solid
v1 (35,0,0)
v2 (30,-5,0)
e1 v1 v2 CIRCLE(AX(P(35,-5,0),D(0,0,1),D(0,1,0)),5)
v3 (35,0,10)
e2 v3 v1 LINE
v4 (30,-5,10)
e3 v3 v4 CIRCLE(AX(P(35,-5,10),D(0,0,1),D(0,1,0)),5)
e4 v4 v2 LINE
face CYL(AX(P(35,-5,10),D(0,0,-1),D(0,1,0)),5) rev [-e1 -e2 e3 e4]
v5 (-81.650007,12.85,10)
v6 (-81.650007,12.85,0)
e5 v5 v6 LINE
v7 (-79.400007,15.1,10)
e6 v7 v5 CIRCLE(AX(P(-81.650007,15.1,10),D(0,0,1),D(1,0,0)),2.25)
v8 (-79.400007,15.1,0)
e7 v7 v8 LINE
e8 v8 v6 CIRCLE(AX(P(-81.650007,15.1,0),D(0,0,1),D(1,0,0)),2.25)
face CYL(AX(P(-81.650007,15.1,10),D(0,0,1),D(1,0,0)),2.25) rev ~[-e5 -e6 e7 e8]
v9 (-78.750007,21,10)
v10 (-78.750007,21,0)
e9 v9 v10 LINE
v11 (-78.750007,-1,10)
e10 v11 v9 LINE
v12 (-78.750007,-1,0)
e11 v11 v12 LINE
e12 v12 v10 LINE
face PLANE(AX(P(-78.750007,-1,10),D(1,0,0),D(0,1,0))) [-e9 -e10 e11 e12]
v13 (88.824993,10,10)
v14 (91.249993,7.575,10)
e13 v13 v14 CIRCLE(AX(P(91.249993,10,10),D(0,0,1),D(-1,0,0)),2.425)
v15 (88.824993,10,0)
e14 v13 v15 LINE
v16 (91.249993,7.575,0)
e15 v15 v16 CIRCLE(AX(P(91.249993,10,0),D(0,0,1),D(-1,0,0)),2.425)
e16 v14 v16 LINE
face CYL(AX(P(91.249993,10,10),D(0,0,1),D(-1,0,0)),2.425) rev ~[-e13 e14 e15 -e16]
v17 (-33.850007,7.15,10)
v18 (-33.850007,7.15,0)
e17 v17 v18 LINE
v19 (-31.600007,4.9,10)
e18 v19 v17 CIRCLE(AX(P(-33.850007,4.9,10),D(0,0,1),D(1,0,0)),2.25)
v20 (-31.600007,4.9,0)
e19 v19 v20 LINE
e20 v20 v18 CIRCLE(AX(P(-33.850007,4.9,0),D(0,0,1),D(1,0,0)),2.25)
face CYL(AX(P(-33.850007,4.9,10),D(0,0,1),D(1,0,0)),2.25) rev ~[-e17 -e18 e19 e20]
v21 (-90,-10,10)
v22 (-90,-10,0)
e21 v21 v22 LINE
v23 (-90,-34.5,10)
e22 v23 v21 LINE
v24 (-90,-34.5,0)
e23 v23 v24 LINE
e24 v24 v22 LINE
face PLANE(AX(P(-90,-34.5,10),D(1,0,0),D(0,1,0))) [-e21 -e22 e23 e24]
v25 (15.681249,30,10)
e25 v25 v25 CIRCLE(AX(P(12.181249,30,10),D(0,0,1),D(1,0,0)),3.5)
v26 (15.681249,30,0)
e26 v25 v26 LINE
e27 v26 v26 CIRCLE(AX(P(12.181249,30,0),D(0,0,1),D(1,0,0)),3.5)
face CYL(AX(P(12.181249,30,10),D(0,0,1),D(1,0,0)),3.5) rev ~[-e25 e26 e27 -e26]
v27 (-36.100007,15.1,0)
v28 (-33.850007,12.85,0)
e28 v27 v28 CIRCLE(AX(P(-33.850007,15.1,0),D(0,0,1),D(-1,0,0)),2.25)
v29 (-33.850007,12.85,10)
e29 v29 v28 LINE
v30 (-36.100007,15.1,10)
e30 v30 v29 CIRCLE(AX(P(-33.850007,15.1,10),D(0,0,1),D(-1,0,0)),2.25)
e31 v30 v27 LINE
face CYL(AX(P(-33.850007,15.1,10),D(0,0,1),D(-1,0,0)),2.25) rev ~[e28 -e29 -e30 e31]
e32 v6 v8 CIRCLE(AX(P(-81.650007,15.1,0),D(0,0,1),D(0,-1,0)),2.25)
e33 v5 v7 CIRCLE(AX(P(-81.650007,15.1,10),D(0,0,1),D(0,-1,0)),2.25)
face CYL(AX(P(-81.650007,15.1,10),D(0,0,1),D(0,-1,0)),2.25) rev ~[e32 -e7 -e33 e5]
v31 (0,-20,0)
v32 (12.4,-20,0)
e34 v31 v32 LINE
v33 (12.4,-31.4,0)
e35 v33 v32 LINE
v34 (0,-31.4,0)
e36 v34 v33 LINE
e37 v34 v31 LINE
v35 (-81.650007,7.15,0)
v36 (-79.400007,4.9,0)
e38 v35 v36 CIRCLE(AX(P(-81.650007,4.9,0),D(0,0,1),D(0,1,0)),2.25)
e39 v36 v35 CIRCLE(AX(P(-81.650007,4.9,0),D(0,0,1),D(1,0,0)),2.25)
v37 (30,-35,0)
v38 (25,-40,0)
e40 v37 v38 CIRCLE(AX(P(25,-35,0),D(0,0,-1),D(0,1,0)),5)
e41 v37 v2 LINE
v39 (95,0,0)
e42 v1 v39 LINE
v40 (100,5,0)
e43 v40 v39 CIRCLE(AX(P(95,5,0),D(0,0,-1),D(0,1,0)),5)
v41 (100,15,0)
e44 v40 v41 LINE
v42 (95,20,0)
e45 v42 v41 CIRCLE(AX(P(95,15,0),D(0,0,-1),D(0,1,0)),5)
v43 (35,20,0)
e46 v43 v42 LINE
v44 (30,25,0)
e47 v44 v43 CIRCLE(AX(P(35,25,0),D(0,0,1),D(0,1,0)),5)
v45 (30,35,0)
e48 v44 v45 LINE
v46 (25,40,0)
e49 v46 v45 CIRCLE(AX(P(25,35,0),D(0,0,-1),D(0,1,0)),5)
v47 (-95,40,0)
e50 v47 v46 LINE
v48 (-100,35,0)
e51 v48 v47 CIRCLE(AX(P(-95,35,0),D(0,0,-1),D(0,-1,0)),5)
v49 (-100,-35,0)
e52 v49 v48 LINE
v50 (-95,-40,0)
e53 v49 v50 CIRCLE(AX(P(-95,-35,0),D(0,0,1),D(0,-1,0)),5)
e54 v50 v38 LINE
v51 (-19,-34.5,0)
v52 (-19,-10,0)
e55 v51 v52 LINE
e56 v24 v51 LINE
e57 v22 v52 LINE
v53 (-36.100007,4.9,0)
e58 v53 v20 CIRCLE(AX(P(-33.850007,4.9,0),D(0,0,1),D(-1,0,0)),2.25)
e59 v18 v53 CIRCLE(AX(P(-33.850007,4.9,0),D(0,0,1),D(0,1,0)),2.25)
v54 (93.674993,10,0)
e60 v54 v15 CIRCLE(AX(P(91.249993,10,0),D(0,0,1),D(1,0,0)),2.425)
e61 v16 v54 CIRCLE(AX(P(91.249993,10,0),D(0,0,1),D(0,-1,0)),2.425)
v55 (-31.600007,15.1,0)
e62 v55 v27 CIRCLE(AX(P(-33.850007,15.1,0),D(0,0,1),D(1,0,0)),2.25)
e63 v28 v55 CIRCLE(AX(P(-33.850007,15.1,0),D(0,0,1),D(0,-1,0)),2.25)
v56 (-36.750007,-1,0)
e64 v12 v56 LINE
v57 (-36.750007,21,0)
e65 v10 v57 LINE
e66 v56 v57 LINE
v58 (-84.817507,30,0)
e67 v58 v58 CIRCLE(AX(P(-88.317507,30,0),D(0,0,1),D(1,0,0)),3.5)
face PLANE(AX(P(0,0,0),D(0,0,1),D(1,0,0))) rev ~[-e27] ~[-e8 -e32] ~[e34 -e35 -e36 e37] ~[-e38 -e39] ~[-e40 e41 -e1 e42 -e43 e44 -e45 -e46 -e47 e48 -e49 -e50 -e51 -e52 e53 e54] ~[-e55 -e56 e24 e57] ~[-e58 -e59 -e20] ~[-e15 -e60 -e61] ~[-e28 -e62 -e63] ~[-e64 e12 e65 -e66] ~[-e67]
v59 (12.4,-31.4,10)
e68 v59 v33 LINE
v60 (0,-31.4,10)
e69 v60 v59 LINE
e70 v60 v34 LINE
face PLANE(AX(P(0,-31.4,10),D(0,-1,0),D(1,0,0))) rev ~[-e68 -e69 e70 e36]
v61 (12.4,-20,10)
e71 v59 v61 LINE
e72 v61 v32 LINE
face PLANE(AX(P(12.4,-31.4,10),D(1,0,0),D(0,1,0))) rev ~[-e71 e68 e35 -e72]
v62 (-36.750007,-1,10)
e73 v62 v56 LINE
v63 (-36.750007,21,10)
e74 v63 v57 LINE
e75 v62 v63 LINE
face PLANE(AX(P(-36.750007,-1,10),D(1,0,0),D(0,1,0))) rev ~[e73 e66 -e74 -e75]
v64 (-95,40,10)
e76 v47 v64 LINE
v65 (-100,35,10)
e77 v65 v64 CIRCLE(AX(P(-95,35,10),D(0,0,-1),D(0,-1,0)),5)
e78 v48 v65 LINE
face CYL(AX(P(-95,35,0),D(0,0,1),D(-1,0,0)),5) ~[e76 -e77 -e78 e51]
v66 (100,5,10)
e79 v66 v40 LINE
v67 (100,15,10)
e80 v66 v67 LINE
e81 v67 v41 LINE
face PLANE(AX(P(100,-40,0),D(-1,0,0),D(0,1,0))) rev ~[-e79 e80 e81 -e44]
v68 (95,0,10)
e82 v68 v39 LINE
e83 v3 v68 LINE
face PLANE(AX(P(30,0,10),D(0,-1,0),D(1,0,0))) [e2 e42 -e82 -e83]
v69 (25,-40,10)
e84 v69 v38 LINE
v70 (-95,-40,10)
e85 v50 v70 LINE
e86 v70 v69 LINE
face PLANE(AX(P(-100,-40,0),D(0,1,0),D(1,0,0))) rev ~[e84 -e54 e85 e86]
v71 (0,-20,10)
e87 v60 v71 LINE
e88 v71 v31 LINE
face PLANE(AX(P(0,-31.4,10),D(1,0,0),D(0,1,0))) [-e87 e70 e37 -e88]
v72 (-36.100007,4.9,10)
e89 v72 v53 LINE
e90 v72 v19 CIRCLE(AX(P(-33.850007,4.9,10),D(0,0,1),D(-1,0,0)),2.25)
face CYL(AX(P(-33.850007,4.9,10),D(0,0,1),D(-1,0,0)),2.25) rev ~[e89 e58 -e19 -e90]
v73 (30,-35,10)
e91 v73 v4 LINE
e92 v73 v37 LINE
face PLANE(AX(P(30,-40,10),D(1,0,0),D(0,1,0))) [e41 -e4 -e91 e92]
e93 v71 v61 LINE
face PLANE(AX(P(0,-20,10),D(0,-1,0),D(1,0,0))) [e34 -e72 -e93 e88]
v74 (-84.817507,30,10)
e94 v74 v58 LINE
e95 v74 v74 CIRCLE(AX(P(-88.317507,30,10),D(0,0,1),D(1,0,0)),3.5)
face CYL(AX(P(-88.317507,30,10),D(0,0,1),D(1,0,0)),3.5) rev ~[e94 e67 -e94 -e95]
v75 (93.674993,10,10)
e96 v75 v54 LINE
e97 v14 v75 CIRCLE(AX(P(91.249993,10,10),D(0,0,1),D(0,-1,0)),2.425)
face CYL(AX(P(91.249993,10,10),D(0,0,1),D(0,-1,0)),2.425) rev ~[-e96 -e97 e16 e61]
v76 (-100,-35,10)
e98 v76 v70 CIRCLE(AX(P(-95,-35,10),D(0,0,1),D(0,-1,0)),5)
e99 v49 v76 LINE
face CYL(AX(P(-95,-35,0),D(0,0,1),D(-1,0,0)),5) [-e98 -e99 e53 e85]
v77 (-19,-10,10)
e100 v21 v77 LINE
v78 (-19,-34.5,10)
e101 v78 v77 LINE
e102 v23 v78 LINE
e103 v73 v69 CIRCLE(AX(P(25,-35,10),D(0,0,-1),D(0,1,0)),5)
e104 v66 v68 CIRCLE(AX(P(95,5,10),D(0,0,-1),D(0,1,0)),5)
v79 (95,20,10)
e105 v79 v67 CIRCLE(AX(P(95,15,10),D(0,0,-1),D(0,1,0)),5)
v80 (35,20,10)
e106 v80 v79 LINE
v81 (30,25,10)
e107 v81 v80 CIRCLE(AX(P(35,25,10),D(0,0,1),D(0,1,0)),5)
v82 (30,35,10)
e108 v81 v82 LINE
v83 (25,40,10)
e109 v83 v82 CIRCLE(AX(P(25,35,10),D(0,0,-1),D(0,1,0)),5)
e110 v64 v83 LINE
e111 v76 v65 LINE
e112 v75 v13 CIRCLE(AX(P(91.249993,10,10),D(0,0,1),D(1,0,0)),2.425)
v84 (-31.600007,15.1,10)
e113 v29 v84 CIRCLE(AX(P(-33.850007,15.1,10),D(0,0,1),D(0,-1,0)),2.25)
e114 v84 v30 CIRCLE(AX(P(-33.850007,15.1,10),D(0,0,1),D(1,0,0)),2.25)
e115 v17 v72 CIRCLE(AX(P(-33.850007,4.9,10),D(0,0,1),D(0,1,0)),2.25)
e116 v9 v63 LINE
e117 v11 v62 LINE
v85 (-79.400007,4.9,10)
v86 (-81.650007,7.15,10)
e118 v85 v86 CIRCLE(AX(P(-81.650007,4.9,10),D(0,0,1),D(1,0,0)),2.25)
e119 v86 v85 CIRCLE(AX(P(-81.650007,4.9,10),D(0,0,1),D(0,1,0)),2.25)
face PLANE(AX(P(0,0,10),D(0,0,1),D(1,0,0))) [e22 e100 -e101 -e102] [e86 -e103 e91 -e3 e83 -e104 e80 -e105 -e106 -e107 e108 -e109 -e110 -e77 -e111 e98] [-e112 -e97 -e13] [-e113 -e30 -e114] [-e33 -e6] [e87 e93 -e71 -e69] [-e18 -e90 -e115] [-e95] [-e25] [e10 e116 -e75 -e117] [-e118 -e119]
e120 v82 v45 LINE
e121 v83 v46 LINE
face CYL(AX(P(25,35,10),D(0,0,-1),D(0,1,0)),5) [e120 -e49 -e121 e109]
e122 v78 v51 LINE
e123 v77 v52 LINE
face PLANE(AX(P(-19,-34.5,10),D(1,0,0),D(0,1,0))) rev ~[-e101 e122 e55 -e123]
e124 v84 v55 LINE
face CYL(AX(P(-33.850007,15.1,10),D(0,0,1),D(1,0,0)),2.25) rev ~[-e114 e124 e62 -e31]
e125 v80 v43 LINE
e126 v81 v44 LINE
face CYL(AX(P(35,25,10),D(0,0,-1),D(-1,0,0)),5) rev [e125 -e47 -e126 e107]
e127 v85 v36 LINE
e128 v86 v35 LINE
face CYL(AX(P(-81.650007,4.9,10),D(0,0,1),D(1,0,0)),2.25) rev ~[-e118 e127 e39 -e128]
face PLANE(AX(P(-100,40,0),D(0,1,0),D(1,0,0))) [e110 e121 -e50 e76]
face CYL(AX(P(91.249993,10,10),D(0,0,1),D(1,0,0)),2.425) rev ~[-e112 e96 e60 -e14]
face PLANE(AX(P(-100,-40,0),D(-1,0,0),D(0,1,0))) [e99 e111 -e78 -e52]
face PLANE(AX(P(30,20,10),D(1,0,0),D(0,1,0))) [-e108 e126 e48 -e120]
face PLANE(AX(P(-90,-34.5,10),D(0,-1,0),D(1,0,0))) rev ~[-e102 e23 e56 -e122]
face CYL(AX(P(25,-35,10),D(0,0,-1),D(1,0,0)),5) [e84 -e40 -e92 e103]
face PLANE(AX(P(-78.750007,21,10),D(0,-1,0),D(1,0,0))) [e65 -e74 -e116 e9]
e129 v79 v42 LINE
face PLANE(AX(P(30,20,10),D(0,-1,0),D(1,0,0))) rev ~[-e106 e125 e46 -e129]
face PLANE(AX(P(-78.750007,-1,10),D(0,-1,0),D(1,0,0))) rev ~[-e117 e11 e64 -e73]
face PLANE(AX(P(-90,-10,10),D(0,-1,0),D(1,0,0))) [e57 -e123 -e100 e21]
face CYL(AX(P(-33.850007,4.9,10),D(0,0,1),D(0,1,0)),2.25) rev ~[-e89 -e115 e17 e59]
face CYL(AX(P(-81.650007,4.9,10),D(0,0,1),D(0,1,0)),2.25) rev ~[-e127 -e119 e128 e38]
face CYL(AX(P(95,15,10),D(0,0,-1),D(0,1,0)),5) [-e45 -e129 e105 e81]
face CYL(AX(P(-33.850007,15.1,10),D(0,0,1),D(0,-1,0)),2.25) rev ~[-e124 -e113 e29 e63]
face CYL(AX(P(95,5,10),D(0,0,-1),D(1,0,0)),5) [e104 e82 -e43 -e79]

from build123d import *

# Parameters (mm, degrees)
F0_W      = 200
F0_H      = 80
F1_DEPTH  = 10
F2_W      = 42
F2_H      = 22
F3_DEPTH  = 10.001
F5_DEPTH  = 10.001
F6_R      = 3.5
F7_DEPTH  = 10.001
F8_R      = 5
F11_W     = 70
F11_H     = 20
F11_H_2   = 40
F9_W      = 12.4
F9_H      = 11.4
F12_DEPTH = 10.001
F13_R     = 5
F14_W     = 71
F14_H     = 24.5
F15_DEPTH = 10.001


with BuildPart() as f1:
    # F0 (on Top) → F1 (new body)
    with BuildSketch(Plane.XY):
        Rectangle(F0_W, F0_H)
    extrude(amount=F1_DEPTH)

    # F2 (on face) → F3 (cut, through all)
    with BuildSketch(Plane.XY.offset(10)):
        with Locations((-57.7500068545, 10)):
            Rectangle(F2_W, F2_H)
    extrude(amount=-F3_DEPTH, mode=Mode.SUBTRACT)

    # F4 (on face) → F5 (cut, through all)
    with BuildSketch(Plane.XY.offset(10)):
        with BuildLine():
            Line((-81.6500068545, 12.85), (-81.6500068545, 15.1))
            Line((-81.6500068545, 15.1), (-79.4000068545, 15.1))
            ThreePointArc((-79.4000068545, 15.1), (-83.2409971122, 16.6909902577), (-81.6500068545, 12.85))
        make_face()
        with BuildLine():
            Line((-79.4000068545, 15.1), (-81.6500068545, 15.1))
            Line((-81.6500068545, 15.1), (-81.6500068545, 12.85))
            ThreePointArc((-81.6500068545, 12.85), (-80.0590165969, 13.5090097423), (-79.4000068545, 15.1))
        make_face()
        with BuildLine():
            Line((-81.6500068545, 4.9), (-81.6500068545, 7.15))
            ThreePointArc((-81.6500068545, 7.15), (-83.2409971122, 3.3090097423), (-79.4000068545, 4.9))
            Line((-79.4000068545, 4.9), (-81.6500068545, 4.9))
        make_face()
        with BuildLine():
            ThreePointArc((-79.4000068545, 4.9), (-80.0590165969, 6.4909902577), (-81.6500068545, 7.15))
            Line((-81.6500068545, 7.15), (-81.6500068545, 4.9))
            Line((-81.6500068545, 4.9), (-79.4000068545, 4.9))
        make_face()
        with BuildLine():
            Line((-33.8500068545, 15.1), (-36.1000068545, 15.1))
            ThreePointArc((-36.1000068545, 15.1), (-35.4409971122, 13.5090097423), (-33.8500068545, 12.85))
            Line((-33.8500068545, 12.85), (-33.8500068545, 15.1))
        make_face()
        with BuildLine():
            ThreePointArc((-31.6000068545, 15.1), (-33.8500068545, 17.35), (-36.1000068545, 15.1))
            Line((-36.1000068545, 15.1), (-33.8500068545, 15.1))
            Line((-33.8500068545, 15.1), (-33.8500068545, 12.85))
            ThreePointArc((-33.8500068545, 12.85), (-32.2590165969, 13.5090097423), (-31.6000068545, 15.1))
        make_face()
        with BuildLine():
            ThreePointArc((-33.8500068545, 7.15), (-35.4409971122, 6.4909902577), (-36.1000068545, 4.9))
            Line((-36.1000068545, 4.9), (-33.8500068545, 4.9))
            Line((-33.8500068545, 4.9), (-33.8500068545, 7.15))
        make_face()
        with BuildLine():
            Line((-33.8500068545, 4.9), (-36.1000068545, 4.9))
            ThreePointArc((-36.1000068545, 4.9), (-33.8500068545, 2.65), (-31.6000068545, 4.9))
            ThreePointArc((-31.6000068545, 4.9), (-32.2590165969, 6.4909902577), (-33.8500068545, 7.15))
            Line((-33.8500068545, 7.15), (-33.8500068545, 4.9))
        make_face()
    extrude(amount=-F5_DEPTH, mode=Mode.SUBTRACT)

    # F6 (on face) → F7 (cut, through all)
    with BuildSketch(Plane.XY.offset(10)):
        with Locations((-88.3175069503, 30)):
            Circle(F6_R)
        with Locations((12.1812492609, 30)):
            Circle(F6_R)
    extrude(amount=-F7_DEPTH, mode=Mode.SUBTRACT)

    # F8
    f8_edges = [f1.edges().sort_by_distance(p)[0] for p in [
        (-100, 40, 5),
        (-100, -40, 5),
        (100, 40, 5),
        (100, -40, 5),
    ]]
    fillet(f8_edges, radius=F8_R)

    # F11 (on face) + F10 (on face) + F9 (on face) → F12 (cut, through all)
    with BuildSketch(Plane.XY.offset(10)):
        with Locations((65, 30)):
            Rectangle(F11_W, F11_H)
        with Locations((65, -20)):
            Rectangle(F11_W, F11_H_2)
    with BuildSketch(Plane.XY.offset(10)):
        with BuildLine():
            ThreePointArc((93.6749931455, 10), (91.2499931455, 12.425), (88.8249931455, 10))
            Line((88.8249931455, 10), (91.2499931455, 10))
            Line((91.2499931455, 10), (91.2499931455, 7.575))
            ThreePointArc((91.2499931455, 7.575), (92.9647270898, 8.2852660556), (93.6749931455, 10))
        make_face()
        with BuildLine():
            Line((91.2499931455, 10), (88.8249931455, 10))
            ThreePointArc((88.8249931455, 10), (89.5352592011, 8.2852660556), (91.2499931455, 7.575))
            Line((91.2499931455, 7.575), (91.2499931455, 10))
        make_face()
    with BuildSketch(Plane.XY.offset(10)):
        with Locations((6.2, -25.7)):
            Rectangle(F9_W, F9_H)
    extrude(amount=-F12_DEPTH, mode=Mode.SUBTRACT)

    # F13
    f13_edges = [f1.edges().sort_by_distance(p)[0] for p in [
        (30, 40, 5),
        (30, 20, 5),
        (100, 20, 5),
        (30, -40, 5),
        (100, 0, 5),
        (30, 0, 5),
    ]]
    fillet(f13_edges, radius=F13_R)

    # F14 (on face) → F15 (cut, through all)
    with BuildSketch(Plane.XY.offset(10)):
        with Locations((-54.5, -22.25)):
            Rectangle(F14_W, F14_H)
    extrude(amount=-F15_DEPTH, mode=Mode.SUBTRACT)


solid = f1.part
